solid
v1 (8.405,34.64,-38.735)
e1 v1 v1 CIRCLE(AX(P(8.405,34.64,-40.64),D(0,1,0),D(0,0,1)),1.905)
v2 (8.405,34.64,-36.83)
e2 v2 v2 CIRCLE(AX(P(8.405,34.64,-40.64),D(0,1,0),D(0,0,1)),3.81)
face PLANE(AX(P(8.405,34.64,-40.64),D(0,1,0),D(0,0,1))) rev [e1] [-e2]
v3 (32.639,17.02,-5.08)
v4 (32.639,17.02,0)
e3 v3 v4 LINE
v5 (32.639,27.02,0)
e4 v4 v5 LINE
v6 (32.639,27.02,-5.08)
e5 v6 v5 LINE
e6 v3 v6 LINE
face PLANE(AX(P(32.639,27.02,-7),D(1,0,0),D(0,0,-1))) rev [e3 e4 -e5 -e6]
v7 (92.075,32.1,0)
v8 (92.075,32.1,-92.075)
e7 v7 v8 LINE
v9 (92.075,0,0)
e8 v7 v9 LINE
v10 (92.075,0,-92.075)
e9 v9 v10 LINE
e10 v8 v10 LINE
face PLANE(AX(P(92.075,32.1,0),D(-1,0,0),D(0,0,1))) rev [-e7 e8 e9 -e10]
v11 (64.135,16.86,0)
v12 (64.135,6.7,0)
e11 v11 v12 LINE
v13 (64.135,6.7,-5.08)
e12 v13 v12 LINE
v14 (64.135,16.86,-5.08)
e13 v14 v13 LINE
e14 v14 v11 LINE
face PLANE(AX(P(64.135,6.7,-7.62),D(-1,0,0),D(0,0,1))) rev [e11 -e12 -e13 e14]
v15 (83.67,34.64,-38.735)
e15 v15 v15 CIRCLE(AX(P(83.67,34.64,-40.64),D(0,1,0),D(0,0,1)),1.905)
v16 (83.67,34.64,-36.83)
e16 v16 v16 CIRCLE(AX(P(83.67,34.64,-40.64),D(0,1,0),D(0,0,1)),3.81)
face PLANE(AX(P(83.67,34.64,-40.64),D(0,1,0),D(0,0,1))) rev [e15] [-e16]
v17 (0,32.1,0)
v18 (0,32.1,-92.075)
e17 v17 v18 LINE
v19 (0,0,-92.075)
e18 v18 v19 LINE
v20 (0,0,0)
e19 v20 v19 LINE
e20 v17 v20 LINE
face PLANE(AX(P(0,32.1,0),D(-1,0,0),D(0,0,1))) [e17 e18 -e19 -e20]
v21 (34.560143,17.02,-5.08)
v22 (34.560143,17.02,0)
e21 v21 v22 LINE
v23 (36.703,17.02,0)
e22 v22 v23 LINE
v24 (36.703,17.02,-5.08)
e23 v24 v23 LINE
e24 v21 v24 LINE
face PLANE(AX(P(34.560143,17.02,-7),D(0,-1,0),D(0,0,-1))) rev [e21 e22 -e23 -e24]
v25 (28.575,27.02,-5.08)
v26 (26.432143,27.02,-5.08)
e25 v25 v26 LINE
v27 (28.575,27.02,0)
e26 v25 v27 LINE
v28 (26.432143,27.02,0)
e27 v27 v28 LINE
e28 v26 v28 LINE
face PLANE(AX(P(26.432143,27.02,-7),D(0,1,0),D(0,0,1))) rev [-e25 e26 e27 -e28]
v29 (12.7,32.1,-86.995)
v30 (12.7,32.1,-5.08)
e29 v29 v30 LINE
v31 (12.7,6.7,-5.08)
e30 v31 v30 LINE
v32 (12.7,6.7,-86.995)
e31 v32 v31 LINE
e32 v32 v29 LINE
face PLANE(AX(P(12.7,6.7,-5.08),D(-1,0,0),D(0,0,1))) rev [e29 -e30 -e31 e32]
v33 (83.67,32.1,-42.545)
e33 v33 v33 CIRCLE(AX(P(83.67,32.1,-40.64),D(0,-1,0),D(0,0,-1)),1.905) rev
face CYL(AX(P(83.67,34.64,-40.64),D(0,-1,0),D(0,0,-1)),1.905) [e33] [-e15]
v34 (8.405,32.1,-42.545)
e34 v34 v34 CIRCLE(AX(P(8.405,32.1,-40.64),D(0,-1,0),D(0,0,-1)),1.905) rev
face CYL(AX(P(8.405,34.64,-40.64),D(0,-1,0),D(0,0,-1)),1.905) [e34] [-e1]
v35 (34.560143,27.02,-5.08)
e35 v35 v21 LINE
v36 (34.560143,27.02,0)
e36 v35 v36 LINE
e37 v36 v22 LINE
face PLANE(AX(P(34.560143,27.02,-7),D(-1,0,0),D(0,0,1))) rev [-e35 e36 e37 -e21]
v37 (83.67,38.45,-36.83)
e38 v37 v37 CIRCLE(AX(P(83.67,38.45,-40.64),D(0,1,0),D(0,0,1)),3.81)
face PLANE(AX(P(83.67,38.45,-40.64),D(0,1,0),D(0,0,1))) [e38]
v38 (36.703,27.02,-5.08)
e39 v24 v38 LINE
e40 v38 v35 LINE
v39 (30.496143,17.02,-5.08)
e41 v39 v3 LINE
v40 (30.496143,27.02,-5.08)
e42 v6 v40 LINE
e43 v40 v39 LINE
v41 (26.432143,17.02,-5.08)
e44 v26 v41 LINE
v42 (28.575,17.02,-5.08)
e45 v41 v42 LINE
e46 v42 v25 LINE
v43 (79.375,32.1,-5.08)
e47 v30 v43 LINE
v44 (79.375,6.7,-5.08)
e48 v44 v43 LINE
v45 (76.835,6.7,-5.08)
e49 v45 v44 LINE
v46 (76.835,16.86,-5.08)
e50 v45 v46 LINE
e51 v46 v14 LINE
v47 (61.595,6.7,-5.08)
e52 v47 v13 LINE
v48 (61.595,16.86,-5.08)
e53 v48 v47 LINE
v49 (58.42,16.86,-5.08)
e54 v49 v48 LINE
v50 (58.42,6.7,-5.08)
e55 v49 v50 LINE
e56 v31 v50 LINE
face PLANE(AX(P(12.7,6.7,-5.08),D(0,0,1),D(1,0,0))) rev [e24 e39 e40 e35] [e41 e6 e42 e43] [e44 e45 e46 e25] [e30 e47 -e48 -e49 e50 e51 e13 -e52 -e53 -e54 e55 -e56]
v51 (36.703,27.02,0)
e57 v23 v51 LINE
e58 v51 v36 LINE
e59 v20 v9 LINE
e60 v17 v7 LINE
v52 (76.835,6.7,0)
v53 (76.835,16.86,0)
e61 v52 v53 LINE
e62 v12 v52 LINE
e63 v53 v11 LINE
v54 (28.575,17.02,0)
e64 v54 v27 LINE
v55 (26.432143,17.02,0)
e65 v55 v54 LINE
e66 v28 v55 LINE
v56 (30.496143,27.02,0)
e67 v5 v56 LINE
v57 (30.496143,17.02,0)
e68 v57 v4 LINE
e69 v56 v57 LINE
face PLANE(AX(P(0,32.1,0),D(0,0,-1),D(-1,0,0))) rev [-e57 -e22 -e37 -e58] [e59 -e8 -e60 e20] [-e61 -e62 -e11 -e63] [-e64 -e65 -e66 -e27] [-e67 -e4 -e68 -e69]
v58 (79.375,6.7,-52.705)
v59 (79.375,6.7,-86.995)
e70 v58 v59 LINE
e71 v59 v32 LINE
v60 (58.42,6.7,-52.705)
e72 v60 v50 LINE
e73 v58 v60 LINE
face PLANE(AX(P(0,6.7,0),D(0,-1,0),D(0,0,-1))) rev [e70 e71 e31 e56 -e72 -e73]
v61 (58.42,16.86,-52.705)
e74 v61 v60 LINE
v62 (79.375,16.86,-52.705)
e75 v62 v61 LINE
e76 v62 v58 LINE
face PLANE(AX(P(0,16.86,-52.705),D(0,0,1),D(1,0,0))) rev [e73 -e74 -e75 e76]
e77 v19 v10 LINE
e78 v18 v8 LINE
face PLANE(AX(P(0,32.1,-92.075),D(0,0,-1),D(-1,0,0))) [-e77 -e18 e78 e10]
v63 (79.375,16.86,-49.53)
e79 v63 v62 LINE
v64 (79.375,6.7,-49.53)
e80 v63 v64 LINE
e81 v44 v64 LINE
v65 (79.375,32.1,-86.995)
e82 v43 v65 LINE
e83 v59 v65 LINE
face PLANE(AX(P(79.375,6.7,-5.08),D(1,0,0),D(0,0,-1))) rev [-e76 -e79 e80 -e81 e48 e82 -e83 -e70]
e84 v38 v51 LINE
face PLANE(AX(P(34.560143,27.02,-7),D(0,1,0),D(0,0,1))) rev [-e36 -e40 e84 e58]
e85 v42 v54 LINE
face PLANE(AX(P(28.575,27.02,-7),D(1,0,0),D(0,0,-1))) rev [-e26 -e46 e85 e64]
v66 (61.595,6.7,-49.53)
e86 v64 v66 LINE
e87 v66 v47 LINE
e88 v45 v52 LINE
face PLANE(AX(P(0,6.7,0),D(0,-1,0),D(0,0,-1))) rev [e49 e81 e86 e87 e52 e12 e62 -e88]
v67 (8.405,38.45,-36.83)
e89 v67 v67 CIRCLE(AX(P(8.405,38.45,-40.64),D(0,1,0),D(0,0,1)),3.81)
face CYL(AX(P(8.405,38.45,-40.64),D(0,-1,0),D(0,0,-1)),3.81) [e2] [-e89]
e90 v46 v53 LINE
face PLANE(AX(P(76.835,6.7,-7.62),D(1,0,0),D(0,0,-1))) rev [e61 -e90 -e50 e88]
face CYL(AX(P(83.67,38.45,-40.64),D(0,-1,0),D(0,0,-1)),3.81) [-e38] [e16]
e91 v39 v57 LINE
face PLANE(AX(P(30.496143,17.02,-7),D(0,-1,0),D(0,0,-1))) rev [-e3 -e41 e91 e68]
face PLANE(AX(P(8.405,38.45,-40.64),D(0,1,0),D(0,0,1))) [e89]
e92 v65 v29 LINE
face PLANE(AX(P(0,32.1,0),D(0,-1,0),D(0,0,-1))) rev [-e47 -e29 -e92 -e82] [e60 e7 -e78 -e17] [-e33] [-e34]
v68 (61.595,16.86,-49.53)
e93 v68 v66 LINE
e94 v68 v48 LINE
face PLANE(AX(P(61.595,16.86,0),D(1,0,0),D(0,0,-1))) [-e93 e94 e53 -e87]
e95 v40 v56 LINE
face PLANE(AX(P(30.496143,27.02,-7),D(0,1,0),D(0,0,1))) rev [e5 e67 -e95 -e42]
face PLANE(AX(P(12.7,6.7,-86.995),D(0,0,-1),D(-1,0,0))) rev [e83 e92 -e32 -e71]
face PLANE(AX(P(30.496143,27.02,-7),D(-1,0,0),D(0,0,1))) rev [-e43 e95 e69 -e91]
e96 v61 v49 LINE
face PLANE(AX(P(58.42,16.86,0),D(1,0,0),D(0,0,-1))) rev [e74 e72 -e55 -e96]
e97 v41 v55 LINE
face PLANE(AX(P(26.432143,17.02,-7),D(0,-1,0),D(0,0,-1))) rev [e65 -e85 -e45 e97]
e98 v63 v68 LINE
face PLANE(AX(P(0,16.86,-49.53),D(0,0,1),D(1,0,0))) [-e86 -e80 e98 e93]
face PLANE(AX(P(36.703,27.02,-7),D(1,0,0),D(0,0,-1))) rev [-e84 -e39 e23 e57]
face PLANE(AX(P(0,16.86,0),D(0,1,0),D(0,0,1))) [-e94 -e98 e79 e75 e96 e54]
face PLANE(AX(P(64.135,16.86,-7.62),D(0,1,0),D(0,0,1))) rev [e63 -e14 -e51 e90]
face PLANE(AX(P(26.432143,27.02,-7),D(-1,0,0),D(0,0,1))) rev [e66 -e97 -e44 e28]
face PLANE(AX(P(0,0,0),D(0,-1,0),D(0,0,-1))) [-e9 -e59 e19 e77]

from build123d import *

# Parameters (mm, degrees)
SKETCH1_W           = 92.075
SKETCH1_H           = 92.075
BOSS_EXTRUDE1_DEPTH = 32.1
SKETCH3_W           = 66.675
SKETCH3_H           = 81.915
CUT_EXTRUDE2_DEPTH  = 25.4
SKETCH4_R           = 1.905
BOSS_EXTRUDE2_DEPTH = 2.54
SKETCH4_3_R         = 1.905
BOSS_EXTRUDE3_DEPTH = 2.54
SKETCH8_W           = 2.142857143
SKETCH8_H           = 10
CUT_EXTRUDE4_DEPTH  = 7
BOSS_EXTRUDE5_DEPTH = 10.16
SKETCH11_W          = 12.7
SKETCH11_H          = 10.16
CUT_EXTRUDE5_DEPTH  = 7.62
SKETCH15_R          = 3.81
BOSS_EXTRUDE7_DEPTH = 3.81


with BuildPart() as part:
    # Sketch1 → Boss-Extrude1 (new body)
    with BuildSketch(Plane(origin=(0, 0, 0), x_dir=(1, 0, 0), z_dir=(0, 1, 0))):
        with Locations((46.0375, 46.0375)):
            Rectangle(SKETCH1_W, SKETCH1_H)
    extrude(amount=BOSS_EXTRUDE1_DEPTH)

    # Sketch3 → Cut-Extrude2 (cut)
    with BuildSketch(Plane(origin=(0, 32.1, 0), x_dir=(1, 0, 0), z_dir=(0, 1, 0))):
        with Locations((46.0375, 46.0375)):
            Rectangle(SKETCH3_W, SKETCH3_H)
    extrude(amount=-CUT_EXTRUDE2_DEPTH, mode=Mode.SUBTRACT)

    # Sketch4 → Boss-Extrude2 (add)
    with BuildSketch(Plane(origin=(0, 32.1, 0), x_dir=(1, 0, 0), z_dir=(0, 1, 0))):
        with Locations((8.405, 40.64)):
            Circle(SKETCH4_R)
    extrude(amount=BOSS_EXTRUDE2_DEPTH)

    # Sketch4<3> → Boss-Extrude3 (add)
    with BuildSketch(Plane(origin=(0, 32.1, 0), x_dir=(1, 0, 0), z_dir=(0, 1, 0))):
        with Locations((8.405, 40.64)):
            Circle(SKETCH4_3_R)
        with Locations((83.67, 40.64)):
            Circle(SKETCH4_3_R)
    extrude(amount=BOSS_EXTRUDE3_DEPTH)

    # Sketch8 → Cut-Extrude4 (cut)
    with BuildSketch(Plane.XY):
        with Locations((27.503571429, 22.02)):
            Rectangle(SKETCH8_W, SKETCH8_H)
        with Locations((31.567571429, 22.02)):
            Rectangle(SKETCH8_W, SKETCH8_H)
        with Locations((35.631571429, 22.02)):
            Rectangle(SKETCH8_W, SKETCH8_H)
    extrude(amount=-CUT_EXTRUDE4_DEPTH, mode=Mode.SUBTRACT)

    # Sketch10 → Boss-Extrude5 (add)
    with BuildSketch(Plane(origin=(0, 6.7, 0), x_dir=(1, 0, 0), z_dir=(0, 1, 0))):
        Polygon((61.595, 49.53), (79.375, 49.53), (79.375, 52.705), (58.42, 52.705), (58.42, 5.08), (61.595, 5.08), align=None)
    extrude(amount=BOSS_EXTRUDE5_DEPTH)

    # Sketch11 → Cut-Extrude5 (cut)
    with BuildSketch(Plane.XY):
        with Locations((70.485, 11.78)):
            Rectangle(SKETCH11_W, SKETCH11_H)
    extrude(amount=-CUT_EXTRUDE5_DEPTH, mode=Mode.SUBTRACT)

    # Sketch15 → Boss-Extrude7 (add)
    with BuildSketch(Plane(origin=(0, 34.64, 0), x_dir=(1, 0, 0), z_dir=(0, 1, 0))):
        with Locations((8.405, 40.64)):
            Circle(SKETCH15_R)
        with Locations((83.67, 40.64)):
            Circle(SKETCH15_R)
    extrude(amount=BOSS_EXTRUDE7_DEPTH)


solid = part.part
